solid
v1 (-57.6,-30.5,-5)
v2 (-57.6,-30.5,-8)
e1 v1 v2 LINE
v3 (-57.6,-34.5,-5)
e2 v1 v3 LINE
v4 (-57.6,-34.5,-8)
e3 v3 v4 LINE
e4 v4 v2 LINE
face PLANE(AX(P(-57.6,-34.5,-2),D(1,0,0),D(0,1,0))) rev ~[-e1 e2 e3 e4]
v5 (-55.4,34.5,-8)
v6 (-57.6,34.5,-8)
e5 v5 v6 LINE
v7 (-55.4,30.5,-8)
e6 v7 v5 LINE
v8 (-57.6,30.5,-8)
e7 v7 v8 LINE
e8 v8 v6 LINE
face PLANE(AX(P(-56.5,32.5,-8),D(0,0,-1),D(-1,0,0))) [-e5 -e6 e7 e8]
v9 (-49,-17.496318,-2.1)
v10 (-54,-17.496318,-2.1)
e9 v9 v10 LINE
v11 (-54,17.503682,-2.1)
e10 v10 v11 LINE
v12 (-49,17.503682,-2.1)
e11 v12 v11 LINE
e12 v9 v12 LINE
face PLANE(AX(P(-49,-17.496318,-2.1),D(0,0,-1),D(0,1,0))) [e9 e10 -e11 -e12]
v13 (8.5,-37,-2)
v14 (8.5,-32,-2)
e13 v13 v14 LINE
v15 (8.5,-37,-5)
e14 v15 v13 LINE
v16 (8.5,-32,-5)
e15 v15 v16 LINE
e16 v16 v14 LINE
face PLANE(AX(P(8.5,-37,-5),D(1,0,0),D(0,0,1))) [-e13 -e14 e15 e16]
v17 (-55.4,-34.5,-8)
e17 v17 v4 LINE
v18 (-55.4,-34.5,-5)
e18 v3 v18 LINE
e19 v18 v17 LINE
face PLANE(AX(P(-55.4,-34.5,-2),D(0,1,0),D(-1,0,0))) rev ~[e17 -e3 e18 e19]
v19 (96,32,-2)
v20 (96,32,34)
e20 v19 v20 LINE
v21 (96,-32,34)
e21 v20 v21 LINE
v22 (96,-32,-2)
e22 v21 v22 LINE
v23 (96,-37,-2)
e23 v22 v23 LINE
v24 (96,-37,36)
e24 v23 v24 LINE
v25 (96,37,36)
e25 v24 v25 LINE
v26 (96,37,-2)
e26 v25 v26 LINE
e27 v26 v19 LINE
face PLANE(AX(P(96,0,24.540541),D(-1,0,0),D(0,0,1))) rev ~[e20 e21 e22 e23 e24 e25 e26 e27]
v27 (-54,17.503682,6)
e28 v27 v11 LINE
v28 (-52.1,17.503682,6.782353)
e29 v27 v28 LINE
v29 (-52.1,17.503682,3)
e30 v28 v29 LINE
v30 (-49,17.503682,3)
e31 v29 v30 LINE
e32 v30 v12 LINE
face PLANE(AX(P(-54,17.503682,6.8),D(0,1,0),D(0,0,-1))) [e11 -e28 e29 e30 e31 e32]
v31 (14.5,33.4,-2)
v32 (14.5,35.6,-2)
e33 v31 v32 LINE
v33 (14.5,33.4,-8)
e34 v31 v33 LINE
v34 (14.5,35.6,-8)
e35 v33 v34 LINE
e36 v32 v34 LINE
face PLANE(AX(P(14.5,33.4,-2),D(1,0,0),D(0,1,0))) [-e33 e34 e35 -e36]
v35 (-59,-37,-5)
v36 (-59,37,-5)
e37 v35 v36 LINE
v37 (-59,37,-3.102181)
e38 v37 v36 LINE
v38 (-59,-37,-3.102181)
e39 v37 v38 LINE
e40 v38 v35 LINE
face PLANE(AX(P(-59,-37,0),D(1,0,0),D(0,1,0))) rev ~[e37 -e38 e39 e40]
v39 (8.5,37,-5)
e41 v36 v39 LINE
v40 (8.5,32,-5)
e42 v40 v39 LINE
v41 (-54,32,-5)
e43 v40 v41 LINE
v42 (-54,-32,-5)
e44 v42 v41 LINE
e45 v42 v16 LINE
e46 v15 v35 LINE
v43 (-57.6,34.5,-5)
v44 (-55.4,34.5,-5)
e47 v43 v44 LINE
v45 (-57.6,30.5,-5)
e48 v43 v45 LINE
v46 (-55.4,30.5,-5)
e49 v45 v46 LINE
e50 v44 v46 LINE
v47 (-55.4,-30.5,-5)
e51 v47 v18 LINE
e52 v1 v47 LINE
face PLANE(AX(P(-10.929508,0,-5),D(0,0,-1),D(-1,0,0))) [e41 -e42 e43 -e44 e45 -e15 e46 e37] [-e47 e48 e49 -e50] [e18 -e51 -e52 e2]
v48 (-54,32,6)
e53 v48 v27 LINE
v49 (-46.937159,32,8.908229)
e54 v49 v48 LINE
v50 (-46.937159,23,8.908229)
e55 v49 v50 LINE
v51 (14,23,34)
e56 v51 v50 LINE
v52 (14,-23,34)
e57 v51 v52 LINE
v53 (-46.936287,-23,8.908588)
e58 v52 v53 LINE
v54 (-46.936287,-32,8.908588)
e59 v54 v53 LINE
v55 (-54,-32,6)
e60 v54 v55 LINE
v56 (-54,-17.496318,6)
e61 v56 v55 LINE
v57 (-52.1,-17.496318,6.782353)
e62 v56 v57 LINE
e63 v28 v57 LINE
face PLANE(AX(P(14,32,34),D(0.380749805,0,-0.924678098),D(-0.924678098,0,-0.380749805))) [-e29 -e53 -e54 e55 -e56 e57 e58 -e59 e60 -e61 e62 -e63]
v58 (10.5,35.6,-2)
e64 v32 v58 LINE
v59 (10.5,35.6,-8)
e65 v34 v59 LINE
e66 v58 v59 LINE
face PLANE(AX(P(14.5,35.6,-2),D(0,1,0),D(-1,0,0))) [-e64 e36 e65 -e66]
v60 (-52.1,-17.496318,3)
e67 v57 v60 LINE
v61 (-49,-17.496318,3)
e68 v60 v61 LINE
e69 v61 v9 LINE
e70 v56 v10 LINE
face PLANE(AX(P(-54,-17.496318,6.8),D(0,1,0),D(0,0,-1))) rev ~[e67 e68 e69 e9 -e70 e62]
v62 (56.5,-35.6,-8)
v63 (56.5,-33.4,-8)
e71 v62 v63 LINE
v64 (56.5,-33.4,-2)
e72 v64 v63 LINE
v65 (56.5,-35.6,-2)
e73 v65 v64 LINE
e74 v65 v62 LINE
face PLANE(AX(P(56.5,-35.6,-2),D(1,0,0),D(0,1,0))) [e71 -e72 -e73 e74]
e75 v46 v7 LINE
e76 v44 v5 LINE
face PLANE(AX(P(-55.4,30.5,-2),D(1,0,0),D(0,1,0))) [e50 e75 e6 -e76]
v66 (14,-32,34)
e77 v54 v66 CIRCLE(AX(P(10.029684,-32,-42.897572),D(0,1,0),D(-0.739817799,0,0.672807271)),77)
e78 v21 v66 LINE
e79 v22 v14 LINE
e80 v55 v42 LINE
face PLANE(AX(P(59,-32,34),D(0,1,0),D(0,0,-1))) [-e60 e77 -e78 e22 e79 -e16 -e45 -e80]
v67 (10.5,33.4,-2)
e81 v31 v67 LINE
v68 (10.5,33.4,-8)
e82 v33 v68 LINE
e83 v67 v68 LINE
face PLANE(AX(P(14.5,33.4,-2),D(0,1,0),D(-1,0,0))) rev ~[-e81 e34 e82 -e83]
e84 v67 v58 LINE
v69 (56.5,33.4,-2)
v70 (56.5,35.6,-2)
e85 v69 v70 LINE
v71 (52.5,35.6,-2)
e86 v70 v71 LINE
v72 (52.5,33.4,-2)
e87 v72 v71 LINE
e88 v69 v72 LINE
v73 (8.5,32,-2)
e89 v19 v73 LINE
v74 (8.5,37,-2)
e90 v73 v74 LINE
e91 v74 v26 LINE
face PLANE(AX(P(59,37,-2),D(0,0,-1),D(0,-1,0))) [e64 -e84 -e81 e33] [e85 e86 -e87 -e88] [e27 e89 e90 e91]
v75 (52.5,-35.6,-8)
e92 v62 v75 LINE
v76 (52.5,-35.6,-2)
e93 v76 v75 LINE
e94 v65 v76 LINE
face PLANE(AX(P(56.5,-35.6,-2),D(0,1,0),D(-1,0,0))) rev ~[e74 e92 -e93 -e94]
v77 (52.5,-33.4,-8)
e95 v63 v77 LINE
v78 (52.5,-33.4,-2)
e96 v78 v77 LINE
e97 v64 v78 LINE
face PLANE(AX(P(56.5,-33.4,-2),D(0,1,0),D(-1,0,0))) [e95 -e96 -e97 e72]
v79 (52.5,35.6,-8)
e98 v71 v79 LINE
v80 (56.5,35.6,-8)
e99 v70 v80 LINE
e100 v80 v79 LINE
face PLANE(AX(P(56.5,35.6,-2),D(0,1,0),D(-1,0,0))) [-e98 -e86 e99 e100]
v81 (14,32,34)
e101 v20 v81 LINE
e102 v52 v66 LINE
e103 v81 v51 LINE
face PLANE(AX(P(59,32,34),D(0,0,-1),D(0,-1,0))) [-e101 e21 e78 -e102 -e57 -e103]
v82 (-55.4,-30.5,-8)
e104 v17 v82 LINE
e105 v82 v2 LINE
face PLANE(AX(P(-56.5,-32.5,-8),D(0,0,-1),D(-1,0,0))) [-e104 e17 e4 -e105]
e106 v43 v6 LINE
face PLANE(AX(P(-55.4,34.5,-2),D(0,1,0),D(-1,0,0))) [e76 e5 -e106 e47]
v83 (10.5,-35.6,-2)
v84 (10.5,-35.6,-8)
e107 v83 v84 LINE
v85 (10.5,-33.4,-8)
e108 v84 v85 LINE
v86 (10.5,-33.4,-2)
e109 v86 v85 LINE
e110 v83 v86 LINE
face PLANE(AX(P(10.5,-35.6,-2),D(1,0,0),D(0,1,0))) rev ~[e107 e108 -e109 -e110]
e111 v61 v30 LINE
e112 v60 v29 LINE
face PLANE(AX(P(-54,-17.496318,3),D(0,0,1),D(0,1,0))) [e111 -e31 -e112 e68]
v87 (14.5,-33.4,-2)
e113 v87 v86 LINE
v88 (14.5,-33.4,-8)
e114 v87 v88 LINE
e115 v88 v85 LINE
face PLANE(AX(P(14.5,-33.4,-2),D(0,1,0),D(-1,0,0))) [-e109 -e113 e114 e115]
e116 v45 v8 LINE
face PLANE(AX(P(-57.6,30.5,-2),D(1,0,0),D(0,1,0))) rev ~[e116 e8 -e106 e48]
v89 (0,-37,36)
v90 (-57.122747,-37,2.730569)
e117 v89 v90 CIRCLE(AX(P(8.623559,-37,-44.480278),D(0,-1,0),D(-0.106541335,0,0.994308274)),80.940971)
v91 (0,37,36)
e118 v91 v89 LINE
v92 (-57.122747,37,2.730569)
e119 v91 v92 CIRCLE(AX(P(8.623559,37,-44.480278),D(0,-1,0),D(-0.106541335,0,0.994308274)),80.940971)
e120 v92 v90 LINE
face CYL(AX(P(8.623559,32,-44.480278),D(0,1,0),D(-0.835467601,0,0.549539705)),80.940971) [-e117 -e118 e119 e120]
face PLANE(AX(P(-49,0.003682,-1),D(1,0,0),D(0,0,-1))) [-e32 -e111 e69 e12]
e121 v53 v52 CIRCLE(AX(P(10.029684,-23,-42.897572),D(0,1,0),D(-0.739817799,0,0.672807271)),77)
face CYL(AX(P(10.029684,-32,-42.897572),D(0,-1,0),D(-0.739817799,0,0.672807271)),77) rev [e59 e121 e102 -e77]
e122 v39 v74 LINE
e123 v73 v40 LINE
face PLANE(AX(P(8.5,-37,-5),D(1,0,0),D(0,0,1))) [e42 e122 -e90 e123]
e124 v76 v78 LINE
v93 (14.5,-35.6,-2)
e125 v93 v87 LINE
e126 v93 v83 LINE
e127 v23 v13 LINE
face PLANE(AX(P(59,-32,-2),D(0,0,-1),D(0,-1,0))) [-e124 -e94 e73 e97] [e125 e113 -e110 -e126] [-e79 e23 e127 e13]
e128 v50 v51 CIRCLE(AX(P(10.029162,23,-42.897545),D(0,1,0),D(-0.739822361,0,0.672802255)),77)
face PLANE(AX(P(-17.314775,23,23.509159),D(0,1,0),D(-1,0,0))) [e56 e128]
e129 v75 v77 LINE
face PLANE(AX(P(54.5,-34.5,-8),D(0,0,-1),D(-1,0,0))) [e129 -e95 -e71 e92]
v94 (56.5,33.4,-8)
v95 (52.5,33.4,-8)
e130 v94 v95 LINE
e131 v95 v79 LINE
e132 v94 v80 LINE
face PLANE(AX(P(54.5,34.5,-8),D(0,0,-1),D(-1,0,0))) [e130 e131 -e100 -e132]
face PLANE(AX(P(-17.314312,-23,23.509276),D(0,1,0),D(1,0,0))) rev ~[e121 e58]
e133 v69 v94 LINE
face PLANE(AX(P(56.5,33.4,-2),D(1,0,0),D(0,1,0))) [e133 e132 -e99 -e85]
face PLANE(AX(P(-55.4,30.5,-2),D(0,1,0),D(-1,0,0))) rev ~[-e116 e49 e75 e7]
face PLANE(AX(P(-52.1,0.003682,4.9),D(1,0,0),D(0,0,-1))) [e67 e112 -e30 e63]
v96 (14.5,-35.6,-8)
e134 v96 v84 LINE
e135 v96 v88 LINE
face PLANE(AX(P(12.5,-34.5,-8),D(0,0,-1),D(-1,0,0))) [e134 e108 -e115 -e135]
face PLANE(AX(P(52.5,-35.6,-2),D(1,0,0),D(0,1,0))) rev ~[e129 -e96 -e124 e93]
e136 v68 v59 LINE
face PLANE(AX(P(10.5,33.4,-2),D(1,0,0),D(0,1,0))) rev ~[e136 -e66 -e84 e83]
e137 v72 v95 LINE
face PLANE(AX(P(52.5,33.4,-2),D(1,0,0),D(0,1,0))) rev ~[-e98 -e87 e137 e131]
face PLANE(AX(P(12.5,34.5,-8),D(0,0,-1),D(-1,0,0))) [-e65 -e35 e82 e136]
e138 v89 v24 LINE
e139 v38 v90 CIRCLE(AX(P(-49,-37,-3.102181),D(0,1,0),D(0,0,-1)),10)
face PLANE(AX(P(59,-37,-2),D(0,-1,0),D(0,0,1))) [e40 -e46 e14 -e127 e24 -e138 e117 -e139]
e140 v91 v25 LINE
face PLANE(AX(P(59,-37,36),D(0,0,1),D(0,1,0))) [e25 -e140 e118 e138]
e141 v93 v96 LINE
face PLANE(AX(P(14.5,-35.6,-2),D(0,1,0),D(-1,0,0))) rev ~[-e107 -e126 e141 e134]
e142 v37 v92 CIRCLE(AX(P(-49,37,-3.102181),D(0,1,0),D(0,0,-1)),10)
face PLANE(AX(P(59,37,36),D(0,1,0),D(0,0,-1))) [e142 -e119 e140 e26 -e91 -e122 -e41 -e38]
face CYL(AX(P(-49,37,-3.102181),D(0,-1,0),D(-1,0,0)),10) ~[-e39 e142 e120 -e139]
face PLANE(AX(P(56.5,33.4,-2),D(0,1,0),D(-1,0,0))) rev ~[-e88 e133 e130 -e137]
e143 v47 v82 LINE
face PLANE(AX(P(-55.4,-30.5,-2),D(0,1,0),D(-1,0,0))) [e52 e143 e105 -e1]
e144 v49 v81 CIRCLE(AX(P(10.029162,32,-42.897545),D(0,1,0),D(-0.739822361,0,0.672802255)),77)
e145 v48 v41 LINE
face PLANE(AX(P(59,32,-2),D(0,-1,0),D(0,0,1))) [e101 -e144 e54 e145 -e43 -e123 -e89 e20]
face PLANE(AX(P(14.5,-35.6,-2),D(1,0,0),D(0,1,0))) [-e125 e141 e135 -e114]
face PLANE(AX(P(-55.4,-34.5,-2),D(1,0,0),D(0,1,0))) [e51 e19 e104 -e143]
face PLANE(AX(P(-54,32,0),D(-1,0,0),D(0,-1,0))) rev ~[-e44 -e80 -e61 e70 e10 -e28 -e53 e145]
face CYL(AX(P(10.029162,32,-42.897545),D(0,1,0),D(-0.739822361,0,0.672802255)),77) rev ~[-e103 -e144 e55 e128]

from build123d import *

# Parameters (mm, degrees)
CROQUIS1_W              = 118
CROQUIS1_H              = 74
SALIENTE_EXTRUIR1_DEPTH = 36
CROQUIS2_W              = 36
CROQUIS2_H              = 64
CORTAR_EXTRUIR1_DEPTH   = 120
CORTAR_EXTRUIR3_DEPTH   = 102.257098517
SALIENTE_EXTRUIR2_DEPTH = 64
CORTAR_EXTRUIR4_DEPTH   = 9
CORTAR_EXTRUIR5_DEPTH   = 9
SALIENTE_EXTRUIR4_DEPTH = 5
CROQUIS14_W             = 50.5
CROQUIS14_H             = 3
CORTAR_EXTRUIR7_DEPTH   = 74
CROQUIS15_W             = 4
CROQUIS15_H             = 2.2
CROQUIS15_W_2           = 2.2
CROQUIS15_H_2           = 4
SALIENTE_EXTRUIR3_DEPTH = 6
REDONDEO1_R             = 10
SALIENTE_EXTRUIR5_DEPTH = 37
CROQUIS21_W             = 8
CROQUIS21_H             = 35
SALIENTE_EXTRUIR6_DEPTH = 5
CROQUIS22_W             = 2.9
CROQUIS22_H             = 35
CORTAR_EXTRUIR8_DEPTH   = 5
CROQUIS23_W             = 3.8
CROQUIS23_H             = 35
SALIENTE_EXTRUIR7_DEPTH = 1.9


with BuildPart() as part:
    # Croquis1 → Saliente-Extruir1 (new body)
    with BuildSketch(Plane.XY):
        Rectangle(CROQUIS1_W, CROQUIS1_H)
    extrude(amount=SALIENTE_EXTRUIR1_DEPTH)

    # Croquis2 → Cortar-Extruir1 (cut)
    with BuildSketch(Plane(origin=(59, 0, 0), x_dir=(0, 0, -1), z_dir=(1, 0, 0))):
        with Locations((-18, 0)):
            Rectangle(CROQUIS2_W, CROQUIS2_H)
    extrude(amount=-CORTAR_EXTRUIR1_DEPTH, mode=Mode.SUBTRACT)


with BuildPart() as cortar_extruir1_piece_1:
    # of the separate pieces the step leaves, piece 1, a body of its own (cortar_extruir1_pieces)
    add(part.part.solids().sort_by_distance((-59, 37, 0))[0])


with BuildPart() as cortar_extruir1_piece_2:
    # of the separate pieces the step leaves, piece 2, a body of its own (cortar_extruir1_pieces)
    add(part.part.solids().sort_by_distance((-59, -37, 0))[0])


with BuildPart() as cortar_extruir3_tool:
    # Croquis6 → Cortar-Extruir3 (new, through all)
    with BuildSketch(Plane.XZ.offset(37)):
        with BuildLine():
            Line((-59, 0), (-59, 36))
            Line((-59, 36), (0, 36))
            ThreePointArc((0, 36), (-33.535731191, 24.614115008), (-59, 0))
        make_face()
    extrude(amount=-CORTAR_EXTRUIR3_DEPTH)


with BuildPart() as cortar_extruir1_piece_1_1:
    add(cortar_extruir1_piece_1.part)

    # Cortar-Extruir3: cut by cortar_extruir3_tool
    add(cortar_extruir3_tool.part, mode=Mode.SUBTRACT)



with BuildPart() as cortar_extruir1_piece_2_1:
    add(cortar_extruir1_piece_2.part)

    # Cortar-Extruir3: cut by cortar_extruir3_tool
    add(cortar_extruir3_tool.part, mode=Mode.SUBTRACT)


with BuildPart() as cortar_extruir1_piece_1_2:
    add(cortar_extruir1_piece_1_1.part)

    add(cortar_extruir1_piece_2_1.part)  # Saliente-Extruir2 merges Cortar-Extruir1 piece 2
    # Croquis7 → Saliente-Extruir2 (add)
    with BuildSketch(Plane.XZ.offset(-32)):
        with BuildLine():
            Line((0, 36), (59, 36))
            Line((59, 36), (59, 34))
            Line((59, 34), (14, 34))
            Line((14, 34), (-54, 6))
            Line((-54, 6), (-54, 0))
            Line((-54, 0), (-59, 0))
            ThreePointArc((-59, 0), (-33.535731191, 24.614115008), (0, 36))
        make_face()
    extrude(amount=SALIENTE_EXTRUIR2_DEPTH)

    # Croquis8 → Cortar-Extruir4 (cut)
    with BuildSketch(Plane.XZ.offset(-32)):
        with BuildLine():
            Line((14, 34), (-46.937159353, 8.908228502))
            ThreePointArc((-46.937159353, 8.908228502), (-19.288572578, 28.30266844), (14, 34))
        make_face()
    extrude(amount=CORTAR_EXTRUIR4_DEPTH, mode=Mode.SUBTRACT)

    # Croquis13 → Cortar-Extruir5 (cut)
    with BuildSketch(Plane(origin=(0, -32, 0), x_dir=(1, 0, 0), z_dir=(0, 1, 0))):
        with BuildLine():
            Line((14, -34), (-46.936286689, -8.908587834))
            ThreePointArc((-46.936286689, -8.908587834), (-19.28805118, -28.302641518), (14, -34))
        make_face()
    extrude(amount=CORTAR_EXTRUIR5_DEPTH, mode=Mode.SUBTRACT)

    # Croquis17 → Saliente-Extruir4 (add)
    with BuildSketch(Plane(origin=(0, 0, 0), x_dir=(-1, 0, 0), z_dir=(0, 0, -1))):
        Polygon((-59, 37), (-59, 32), (54, 32), (54, -32), (-59, -32), (-59, -37), (59, -37), (59, 37), align=None)
    extrude(amount=SALIENTE_EXTRUIR4_DEPTH)

    # Croquis14 → Cortar-Extruir7 (cut)
    with BuildSketch(Plane.XZ.offset(37)):
        with Locations((33.75, -3.5)):
            Rectangle(CROQUIS14_W, CROQUIS14_H)
    extrude(amount=-CORTAR_EXTRUIR7_DEPTH, mode=Mode.SUBTRACT)

    # Croquis15 → Saliente-Extruir3 (add)
    with BuildSketch(Plane(origin=(0, 0, -2), x_dir=(-1, 0, 0), z_dir=(0, 0, -1))):
        with Locations((-54.5, 34.5)):
            Rectangle(CROQUIS15_W, CROQUIS15_H)
        with Locations((-54.5, -34.5)):
            Rectangle(CROQUIS15_W, CROQUIS15_H)
        with Locations((-12.5, 34.5)):
            Rectangle(CROQUIS15_W, CROQUIS15_H)
        with Locations((-12.5, -34.5)):
            Rectangle(CROQUIS15_W, CROQUIS15_H)
        with Locations((56.5, -32.5)):
            Rectangle(CROQUIS15_W_2, CROQUIS15_H_2)
        with Locations((56.5, 32.5)):
            Rectangle(CROQUIS15_W_2, CROQUIS15_H_2)
    extrude(amount=SALIENTE_EXTRUIR3_DEPTH)

    # Redondeo1
    redondeo1_edges = [cortar_extruir1_piece_1_2.edges().sort_by_distance(p)[0] for p in [
        (-59, 0, 0),
    ]]
    fillet(redondeo1_edges, radius=REDONDEO1_R)

    # Croquis19 → Saliente-Extruir5 (add)
    with BuildSketch(Plane(origin=(59, 0, 0), x_dir=(0, 0, -1), z_dir=(1, 0, 0))):
        Polygon((2, 37), (2, 32), (-34, 32), (-34, -32), (2, -32), (2, -37), (-36, -37), (-36, 37), align=None)
    extrude(amount=SALIENTE_EXTRUIR5_DEPTH)

    # Croquis21 → Saliente-Extruir6 (add)
    with BuildSketch(Plane(origin=(-54, 0, 0), x_dir=(0, 0, -1), z_dir=(1, 0, 0))):
        with Locations((1, 0.003682439)):
            Rectangle(CROQUIS21_W, CROQUIS21_H)
    extrude(amount=SALIENTE_EXTRUIR6_DEPTH)

    # Croquis22 → Cortar-Extruir8 (cut)
    with BuildSketch(Plane(origin=(-49, 0, 0), x_dir=(0, 0, -1), z_dir=(1, 0, 0))):
        with Locations((3.55, 0.003682439)):
            Rectangle(CROQUIS22_W, CROQUIS22_H)
    extrude(amount=-CORTAR_EXTRUIR8_DEPTH, mode=Mode.SUBTRACT)

    # Croquis23 → Saliente-Extruir7 (add)
    with BuildSketch(Plane(origin=(-54, 0, 0), x_dir=(0, 0, -1), z_dir=(1, 0, 0))):
        with Locations((-4.9, 0.003682439)):
            Rectangle(CROQUIS23_W, CROQUIS23_H)
    extrude(amount=SALIENTE_EXTRUIR7_DEPTH)


solid = cortar_extruir1_piece_1_2.part
